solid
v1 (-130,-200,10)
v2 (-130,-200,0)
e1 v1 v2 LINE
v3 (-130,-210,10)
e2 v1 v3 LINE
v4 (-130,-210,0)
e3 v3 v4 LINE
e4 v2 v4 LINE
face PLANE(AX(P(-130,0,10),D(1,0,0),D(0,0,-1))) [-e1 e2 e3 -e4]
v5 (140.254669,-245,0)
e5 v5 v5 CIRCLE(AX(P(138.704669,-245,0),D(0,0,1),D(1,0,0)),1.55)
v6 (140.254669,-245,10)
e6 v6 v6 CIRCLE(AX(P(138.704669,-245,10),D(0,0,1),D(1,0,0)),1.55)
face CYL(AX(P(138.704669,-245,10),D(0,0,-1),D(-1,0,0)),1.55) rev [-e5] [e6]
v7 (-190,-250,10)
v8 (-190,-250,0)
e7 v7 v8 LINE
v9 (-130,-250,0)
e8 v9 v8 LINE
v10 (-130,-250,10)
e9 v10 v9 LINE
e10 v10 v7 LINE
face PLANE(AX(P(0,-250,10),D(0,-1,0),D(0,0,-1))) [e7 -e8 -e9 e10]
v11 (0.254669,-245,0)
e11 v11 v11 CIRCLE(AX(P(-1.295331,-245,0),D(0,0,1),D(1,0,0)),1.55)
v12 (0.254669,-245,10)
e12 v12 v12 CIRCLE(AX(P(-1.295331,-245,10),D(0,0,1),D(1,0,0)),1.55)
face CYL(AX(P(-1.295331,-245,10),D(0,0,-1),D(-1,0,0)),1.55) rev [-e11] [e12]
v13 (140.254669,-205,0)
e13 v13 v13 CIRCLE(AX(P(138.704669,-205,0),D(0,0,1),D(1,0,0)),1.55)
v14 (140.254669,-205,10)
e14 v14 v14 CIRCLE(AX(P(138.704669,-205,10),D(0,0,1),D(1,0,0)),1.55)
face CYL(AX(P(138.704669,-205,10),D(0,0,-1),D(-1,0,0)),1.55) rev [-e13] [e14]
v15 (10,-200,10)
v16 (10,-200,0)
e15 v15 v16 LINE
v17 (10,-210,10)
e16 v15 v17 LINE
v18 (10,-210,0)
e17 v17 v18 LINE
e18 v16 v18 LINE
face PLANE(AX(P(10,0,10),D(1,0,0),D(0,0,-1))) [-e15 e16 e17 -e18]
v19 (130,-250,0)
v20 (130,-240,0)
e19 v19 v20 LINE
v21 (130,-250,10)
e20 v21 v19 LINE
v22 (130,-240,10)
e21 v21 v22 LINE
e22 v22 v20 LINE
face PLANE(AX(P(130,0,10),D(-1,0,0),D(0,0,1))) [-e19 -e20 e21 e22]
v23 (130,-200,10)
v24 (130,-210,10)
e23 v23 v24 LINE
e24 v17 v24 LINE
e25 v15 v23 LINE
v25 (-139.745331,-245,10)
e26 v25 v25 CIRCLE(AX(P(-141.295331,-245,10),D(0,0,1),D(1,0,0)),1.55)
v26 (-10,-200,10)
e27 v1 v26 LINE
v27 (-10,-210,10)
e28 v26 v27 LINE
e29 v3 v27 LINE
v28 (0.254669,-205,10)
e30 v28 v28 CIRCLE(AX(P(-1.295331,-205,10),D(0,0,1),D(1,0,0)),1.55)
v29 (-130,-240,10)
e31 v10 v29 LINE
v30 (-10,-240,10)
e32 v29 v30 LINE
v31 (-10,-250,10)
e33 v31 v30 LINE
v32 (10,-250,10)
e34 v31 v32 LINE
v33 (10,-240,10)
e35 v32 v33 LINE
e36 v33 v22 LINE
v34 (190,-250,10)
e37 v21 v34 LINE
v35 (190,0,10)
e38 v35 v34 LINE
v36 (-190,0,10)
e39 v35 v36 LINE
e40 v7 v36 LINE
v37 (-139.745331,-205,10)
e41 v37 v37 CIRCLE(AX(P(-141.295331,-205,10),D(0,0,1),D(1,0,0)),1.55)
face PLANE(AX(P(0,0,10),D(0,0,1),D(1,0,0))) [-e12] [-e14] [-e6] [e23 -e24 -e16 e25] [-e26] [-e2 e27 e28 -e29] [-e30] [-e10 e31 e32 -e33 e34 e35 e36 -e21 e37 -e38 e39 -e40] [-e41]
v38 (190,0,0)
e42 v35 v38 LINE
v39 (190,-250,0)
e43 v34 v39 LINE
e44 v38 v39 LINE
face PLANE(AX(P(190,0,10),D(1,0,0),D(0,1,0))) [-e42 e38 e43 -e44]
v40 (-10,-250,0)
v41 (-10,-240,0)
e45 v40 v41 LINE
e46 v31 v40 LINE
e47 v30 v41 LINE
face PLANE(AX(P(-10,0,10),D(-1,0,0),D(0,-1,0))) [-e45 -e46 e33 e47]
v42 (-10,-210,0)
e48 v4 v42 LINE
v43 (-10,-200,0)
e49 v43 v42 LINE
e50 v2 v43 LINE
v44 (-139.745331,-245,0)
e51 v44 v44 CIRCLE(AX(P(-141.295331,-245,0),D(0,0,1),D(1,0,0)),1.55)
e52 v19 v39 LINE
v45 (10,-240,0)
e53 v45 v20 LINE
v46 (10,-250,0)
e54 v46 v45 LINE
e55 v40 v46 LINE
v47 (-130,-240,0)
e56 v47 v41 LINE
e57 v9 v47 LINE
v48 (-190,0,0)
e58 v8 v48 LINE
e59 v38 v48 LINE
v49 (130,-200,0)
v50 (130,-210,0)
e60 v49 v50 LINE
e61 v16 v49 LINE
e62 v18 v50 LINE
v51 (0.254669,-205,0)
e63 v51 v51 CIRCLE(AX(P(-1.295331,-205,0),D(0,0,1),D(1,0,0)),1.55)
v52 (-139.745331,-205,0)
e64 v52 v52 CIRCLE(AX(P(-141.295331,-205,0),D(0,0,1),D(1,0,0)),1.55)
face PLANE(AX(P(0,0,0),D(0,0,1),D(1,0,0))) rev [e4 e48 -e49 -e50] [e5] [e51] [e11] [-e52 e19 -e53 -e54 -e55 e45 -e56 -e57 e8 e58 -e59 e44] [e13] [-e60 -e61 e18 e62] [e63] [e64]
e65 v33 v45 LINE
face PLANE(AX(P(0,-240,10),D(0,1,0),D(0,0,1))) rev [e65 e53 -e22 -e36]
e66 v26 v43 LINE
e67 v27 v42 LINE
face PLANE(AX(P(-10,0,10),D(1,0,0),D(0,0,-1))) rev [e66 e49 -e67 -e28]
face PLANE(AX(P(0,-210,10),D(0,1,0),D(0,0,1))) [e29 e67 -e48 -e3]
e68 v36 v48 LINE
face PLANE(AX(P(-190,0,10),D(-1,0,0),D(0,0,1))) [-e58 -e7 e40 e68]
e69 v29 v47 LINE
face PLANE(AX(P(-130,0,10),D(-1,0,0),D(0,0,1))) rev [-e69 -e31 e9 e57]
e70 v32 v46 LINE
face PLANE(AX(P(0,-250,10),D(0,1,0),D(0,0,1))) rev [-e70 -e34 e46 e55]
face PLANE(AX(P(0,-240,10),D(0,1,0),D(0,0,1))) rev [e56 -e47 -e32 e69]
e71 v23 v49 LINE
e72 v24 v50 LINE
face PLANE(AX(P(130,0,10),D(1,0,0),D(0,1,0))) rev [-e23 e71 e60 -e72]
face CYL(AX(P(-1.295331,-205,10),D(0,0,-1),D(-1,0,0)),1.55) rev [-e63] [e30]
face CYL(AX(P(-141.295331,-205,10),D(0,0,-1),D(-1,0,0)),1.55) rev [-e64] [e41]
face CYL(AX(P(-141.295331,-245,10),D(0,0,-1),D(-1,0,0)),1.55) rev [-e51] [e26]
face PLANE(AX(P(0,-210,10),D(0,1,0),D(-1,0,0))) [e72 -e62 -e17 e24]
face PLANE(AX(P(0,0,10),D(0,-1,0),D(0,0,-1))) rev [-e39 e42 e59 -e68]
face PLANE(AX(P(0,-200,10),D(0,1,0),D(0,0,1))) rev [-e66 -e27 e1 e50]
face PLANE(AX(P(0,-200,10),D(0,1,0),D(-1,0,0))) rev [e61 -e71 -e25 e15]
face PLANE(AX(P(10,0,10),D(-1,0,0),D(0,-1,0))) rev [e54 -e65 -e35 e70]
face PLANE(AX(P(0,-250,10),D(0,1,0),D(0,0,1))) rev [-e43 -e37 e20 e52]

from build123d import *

# Parameters (mm, degrees)
IZIM1_R             = 1.55
IZIM1_W             = 120
IZIM1_H             = 10
BOSS_EXTRUDE2_DEPTH = 10


with BuildPart() as part:
    # Çizim1 → Boss-Extrude2 (new body)
    with BuildSketch(Plane.XY):
        Polygon((-130, -250), (-130, -240), (-10, -240), (-10, -250), (10, -250), (10, -240), (130, -240), (130, -250), (190, -250), (190, 0), (-190, 0), (-190, -250), align=None)
        with Locations((-141.295330694, -245)):
            Circle(IZIM1_R, mode=Mode.SUBTRACT)
        with Locations((-141.295330694, -205)):
            Circle(IZIM1_R, mode=Mode.SUBTRACT)
        with Locations((-70, -205)):
            Rectangle(IZIM1_W, IZIM1_H, mode=Mode.SUBTRACT)
        with Locations((-1.295330694, -245)):
            Circle(IZIM1_R, mode=Mode.SUBTRACT)
        with Locations((-1.295330694, -205)):
            Circle(IZIM1_R, mode=Mode.SUBTRACT)
        with Locations((70, -205)):
            Rectangle(IZIM1_W, IZIM1_H, mode=Mode.SUBTRACT)
        with Locations((138.704669306, -245)):
            Circle(IZIM1_R, mode=Mode.SUBTRACT)
        with Locations((138.704669306, -205)):
            Circle(IZIM1_R, mode=Mode.SUBTRACT)
    extrude(amount=BOSS_EXTRUDE2_DEPTH)


solid = part.part
